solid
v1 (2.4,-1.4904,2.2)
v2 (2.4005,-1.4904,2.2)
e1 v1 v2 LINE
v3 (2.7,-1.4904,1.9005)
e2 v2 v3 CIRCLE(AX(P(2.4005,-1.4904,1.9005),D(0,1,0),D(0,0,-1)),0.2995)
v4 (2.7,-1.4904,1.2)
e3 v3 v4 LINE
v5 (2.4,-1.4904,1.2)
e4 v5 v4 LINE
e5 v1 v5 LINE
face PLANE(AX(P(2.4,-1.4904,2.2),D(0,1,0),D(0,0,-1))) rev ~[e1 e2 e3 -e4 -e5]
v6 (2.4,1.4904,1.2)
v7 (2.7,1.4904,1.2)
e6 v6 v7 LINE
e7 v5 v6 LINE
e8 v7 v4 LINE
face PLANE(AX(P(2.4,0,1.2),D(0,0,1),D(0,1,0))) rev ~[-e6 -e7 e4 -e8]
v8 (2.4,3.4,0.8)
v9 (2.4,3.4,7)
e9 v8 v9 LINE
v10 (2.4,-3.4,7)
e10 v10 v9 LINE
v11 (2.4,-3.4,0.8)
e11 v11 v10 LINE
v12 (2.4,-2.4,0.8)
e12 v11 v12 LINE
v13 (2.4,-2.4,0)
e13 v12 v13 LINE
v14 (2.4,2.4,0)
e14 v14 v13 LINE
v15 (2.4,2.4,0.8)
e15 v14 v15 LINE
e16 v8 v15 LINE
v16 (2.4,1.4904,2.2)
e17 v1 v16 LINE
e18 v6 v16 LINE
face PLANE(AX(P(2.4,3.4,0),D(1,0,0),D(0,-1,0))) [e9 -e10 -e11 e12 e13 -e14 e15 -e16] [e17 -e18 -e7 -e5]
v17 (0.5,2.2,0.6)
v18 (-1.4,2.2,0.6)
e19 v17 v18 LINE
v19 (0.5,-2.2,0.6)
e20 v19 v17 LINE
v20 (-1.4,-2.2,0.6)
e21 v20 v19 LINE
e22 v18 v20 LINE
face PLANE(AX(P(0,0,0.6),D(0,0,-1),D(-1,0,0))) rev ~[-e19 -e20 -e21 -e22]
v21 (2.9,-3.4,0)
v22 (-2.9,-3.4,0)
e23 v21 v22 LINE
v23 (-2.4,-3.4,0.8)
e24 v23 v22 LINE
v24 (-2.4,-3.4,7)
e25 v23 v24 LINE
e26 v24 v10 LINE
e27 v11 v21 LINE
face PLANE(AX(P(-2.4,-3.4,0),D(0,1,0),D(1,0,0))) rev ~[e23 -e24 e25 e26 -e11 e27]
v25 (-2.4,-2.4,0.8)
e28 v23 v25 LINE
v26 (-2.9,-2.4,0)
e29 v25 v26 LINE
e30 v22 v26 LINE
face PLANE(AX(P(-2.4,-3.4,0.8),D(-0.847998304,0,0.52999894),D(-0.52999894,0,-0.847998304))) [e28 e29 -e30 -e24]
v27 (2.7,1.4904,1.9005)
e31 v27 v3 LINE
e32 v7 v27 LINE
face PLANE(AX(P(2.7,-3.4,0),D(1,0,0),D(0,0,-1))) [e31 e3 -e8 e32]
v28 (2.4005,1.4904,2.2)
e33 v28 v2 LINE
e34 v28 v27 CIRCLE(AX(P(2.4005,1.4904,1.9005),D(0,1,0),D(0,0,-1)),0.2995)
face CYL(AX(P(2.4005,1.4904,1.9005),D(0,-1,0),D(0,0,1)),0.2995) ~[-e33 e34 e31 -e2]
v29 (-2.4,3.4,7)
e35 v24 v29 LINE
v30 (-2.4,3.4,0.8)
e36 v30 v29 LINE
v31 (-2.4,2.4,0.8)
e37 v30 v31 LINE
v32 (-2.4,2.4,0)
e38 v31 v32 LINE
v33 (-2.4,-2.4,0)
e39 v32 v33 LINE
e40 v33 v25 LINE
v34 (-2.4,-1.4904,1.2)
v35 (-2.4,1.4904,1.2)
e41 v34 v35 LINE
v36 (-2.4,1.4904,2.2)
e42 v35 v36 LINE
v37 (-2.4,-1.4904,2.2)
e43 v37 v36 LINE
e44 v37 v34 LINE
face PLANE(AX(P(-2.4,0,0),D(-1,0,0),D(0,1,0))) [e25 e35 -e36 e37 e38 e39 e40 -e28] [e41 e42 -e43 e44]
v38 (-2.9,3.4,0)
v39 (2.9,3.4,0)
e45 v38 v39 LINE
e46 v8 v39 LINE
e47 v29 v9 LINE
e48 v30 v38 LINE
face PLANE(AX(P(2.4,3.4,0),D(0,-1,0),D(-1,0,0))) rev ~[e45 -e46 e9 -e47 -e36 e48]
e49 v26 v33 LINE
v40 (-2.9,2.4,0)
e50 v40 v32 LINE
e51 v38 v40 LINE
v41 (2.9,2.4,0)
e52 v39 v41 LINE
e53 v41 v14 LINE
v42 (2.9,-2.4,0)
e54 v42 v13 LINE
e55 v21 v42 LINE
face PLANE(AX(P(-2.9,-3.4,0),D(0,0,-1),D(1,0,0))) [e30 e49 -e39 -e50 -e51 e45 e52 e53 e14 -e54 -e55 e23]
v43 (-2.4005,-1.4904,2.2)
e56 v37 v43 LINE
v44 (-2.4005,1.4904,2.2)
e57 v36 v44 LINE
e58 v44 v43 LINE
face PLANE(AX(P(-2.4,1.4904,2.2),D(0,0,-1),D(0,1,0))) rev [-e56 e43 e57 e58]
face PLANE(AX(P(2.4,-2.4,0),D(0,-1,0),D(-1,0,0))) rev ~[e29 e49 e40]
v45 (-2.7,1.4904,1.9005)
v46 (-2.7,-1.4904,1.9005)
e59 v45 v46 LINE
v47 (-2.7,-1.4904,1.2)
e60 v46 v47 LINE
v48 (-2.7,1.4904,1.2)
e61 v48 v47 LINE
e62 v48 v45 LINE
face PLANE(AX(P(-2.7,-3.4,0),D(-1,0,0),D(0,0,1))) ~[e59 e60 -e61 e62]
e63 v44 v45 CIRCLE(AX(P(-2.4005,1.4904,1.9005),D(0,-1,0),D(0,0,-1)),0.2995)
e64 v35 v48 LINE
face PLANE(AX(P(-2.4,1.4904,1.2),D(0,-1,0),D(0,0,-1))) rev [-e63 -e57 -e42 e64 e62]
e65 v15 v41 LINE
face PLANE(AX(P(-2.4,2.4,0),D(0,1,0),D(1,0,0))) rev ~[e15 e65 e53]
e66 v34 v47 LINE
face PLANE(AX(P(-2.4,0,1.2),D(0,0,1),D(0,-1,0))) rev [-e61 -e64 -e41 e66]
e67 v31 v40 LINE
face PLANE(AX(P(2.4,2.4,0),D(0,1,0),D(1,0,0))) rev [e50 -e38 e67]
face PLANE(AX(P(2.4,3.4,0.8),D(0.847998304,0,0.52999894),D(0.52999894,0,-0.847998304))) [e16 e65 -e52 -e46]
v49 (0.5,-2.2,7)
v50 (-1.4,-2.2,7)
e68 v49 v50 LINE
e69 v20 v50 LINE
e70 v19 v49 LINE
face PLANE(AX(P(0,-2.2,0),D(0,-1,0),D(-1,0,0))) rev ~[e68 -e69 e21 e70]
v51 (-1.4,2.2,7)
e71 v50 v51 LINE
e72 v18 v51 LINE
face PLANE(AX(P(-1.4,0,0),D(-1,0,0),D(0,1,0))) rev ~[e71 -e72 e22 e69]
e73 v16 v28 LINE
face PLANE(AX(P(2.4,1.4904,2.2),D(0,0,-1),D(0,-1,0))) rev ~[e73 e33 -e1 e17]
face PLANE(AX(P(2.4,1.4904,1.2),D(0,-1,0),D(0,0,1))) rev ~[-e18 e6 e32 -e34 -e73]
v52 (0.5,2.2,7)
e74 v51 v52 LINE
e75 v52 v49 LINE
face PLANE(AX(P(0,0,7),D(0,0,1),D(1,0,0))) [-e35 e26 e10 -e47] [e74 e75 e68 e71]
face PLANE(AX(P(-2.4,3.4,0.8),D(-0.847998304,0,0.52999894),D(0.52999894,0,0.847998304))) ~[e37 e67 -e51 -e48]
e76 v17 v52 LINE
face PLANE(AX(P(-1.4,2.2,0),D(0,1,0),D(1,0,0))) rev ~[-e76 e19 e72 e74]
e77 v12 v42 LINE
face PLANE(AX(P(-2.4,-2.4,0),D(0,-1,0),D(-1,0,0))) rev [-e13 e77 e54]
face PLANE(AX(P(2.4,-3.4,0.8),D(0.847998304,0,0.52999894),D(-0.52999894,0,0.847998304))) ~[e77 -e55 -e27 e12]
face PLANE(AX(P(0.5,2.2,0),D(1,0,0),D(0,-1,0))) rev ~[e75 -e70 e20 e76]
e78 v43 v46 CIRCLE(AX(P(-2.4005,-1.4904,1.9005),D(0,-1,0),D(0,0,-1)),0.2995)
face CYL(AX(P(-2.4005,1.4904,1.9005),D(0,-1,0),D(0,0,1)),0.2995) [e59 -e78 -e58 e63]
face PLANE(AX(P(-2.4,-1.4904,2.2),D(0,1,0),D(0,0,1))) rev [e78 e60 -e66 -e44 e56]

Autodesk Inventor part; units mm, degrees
ref_plane "YZ Plane" through (0, 0, 0) normal (1, 0, 0) x (0, 1, 0)
ref_plane "XZ Plane" through (0, 0, 0) normal (0, 1, 0) x (-1, 0, 0)
ref_plane "XY Plane" through (0, 0, 0) normal (0, 0, 1) x (1, 0, 0)
sketch "Boceto1" plane through (0, 0, 0) normal (0, 0, 1) x (1, 0, 0)
  line L0 (-2.4, 3.4) -> (2.4, 3.4)
  line L1 (2.4, 3.4) -> (2.4, -3.4)
  line L2 (2.4, -3.4) -> (-2.4, -3.4)
  line L3 (-2.4, -3.4) -> (-2.4, 3.4)
  line L4 (0, -4.76) -> (0, 4.76) projected
  line L5 (-3.36, 0) -> (3.36, 0) projected
  line L6 (-1.4, 2.2) -> (0.5, 2.2)
  line L7 (0.5, 2.2) -> (0.5, -2.2)
  line L8 (0.5, -2.2) -> (-1.4, -2.2)
  line L9 (-1.4, -2.2) -> (-1.4, 2.2)
  dimension "d0" = 4.8
  dimension "d1" = 6.8
  dimension "d19" = 1.9
  dimension "d20" = 4.4
  dimension "d21" = 1
extrude "Extrusión1" add sketch "Boceto1" along normal blind 7 contours L0 L4 L6 L9 L5 L3 | L0 L1 L5 L7 L6 L4 | L5 L9 L8 L4 L2 L3 | L1 L2 L4 L8 L7 L5
sketch "Boceto2" plane through (2.4, -3.4, 0) normal (1, 0, 0) x (0, 0, -1)
  line L0 (-1.2, 4.8904) -> (-2.2, 4.8904)
  line L1 (-2.2, 4.8904) -> (-2.2, 1.9096)
  line L2 (-2.2, 1.9096) -> (-1.2, 1.9096)
  line L3 (-1.2, 1.9096) -> (-1.2, 4.8904)
  line L4 (1.4, 3.4) -> (-8.4, 3.4) projected
  line L5 (0, 0) -> (0, 6.8) projected
  point P0 (0, 3.4)
  dimension "d8" = 1.2
  dimension "d9" = 1
extrude "Extrusión2" add sketch "Boceto2" along normal blind 0.3
sketch "Boceto3" plane through (-2.4, 3.4, 0) normal (0, 1, 0) x (1, 0, 0)
  line L0 (4.8, 0) -> (0, 0) projected
  line L1 (4.8, 0) -> (4.8, -0.8)
  line L2 (4.8, 0) -> (4.8, -7) projected
  line L3 (4.8, -0.8) -> (5.3, 0)
  line L4 (5.3, 0) -> (4.8, 0)
  point P0 (2.4, 0)
  dimension "d12" = 0.8
  dimension "d22" = 0.5
extrude "Extrusión3" add sketch "Boceto3" against normal blind 1
fillet "Empalme1" radius 0.3 1 edges at (2.7, 0, 2.2)
mirror "Simetría1" about plane through (0, 0, 0) normal (1, 0, 0) of "Extrusión2", "Empalme1"
mirror "Simetría2" about plane through (0, 0, 0) normal (1, 0, 0) of "Extrusión3"
mirror "Simetría3" about plane through (0, 0, 0) normal (0, 1, 0) of "Extrusión3", "Simetría2"
sketch "Boceto4" plane through (0, 0, 0) normal (0, 0, -1) x (-1, 0, 0)
  line L0 (-2.9, 3.4) -> (2.9, 3.4) projected
  line L1 (-2.9, 3.4) -> (-2.9, 2.4) projected
  line L2 (-2.4, 2.4) -> (-2.9, 2.4) projected
  line L3 (-2.4, -2.4) -> (-2.4, 2.4) projected
  line L4 (-2.4, -2.4) -> (-2.9, -2.4) projected
  line L5 (-2.9, -3.4) -> (-2.9, -2.4) projected
  line L6 (2.9, -3.4) -> (-2.9, -3.4) projected
  line L7 (2.9, -3.4) -> (2.9, -2.4) projected
  line L8 (2.4, -2.4) -> (2.9, -2.4) projected
  line L9 (2.4, 2.4) -> (2.4, -2.4) projected
  line L10 (2.4, 2.4) -> (2.9, 2.4) projected
  line L11 (2.9, 3.4) -> (2.9, 2.4) projected
  line L12 (2.4, -3.4) -> (-2.4, -3.4) projected
  line L13 (-2.4, -3.4) -> (-2.4, 3.4) projected
  line L14 (2.4, -3.4) -> (-2.4, -3.4)
  line L15 (-2.4, -3.4) -> (-2.4, 3.4)
  line L16 (-2.4, 3.4) -> (2.4, 3.4)
  line L17 (2.4, 3.4) -> (2.4, -3.4)
  point P0 (0, 0)
extrude "Extrusión4" add sketch "Boceto4" against normal blind 0.6 contours L0 L17 L9 L6 L13 L3
properties part number "Porta Hall Sensor"
